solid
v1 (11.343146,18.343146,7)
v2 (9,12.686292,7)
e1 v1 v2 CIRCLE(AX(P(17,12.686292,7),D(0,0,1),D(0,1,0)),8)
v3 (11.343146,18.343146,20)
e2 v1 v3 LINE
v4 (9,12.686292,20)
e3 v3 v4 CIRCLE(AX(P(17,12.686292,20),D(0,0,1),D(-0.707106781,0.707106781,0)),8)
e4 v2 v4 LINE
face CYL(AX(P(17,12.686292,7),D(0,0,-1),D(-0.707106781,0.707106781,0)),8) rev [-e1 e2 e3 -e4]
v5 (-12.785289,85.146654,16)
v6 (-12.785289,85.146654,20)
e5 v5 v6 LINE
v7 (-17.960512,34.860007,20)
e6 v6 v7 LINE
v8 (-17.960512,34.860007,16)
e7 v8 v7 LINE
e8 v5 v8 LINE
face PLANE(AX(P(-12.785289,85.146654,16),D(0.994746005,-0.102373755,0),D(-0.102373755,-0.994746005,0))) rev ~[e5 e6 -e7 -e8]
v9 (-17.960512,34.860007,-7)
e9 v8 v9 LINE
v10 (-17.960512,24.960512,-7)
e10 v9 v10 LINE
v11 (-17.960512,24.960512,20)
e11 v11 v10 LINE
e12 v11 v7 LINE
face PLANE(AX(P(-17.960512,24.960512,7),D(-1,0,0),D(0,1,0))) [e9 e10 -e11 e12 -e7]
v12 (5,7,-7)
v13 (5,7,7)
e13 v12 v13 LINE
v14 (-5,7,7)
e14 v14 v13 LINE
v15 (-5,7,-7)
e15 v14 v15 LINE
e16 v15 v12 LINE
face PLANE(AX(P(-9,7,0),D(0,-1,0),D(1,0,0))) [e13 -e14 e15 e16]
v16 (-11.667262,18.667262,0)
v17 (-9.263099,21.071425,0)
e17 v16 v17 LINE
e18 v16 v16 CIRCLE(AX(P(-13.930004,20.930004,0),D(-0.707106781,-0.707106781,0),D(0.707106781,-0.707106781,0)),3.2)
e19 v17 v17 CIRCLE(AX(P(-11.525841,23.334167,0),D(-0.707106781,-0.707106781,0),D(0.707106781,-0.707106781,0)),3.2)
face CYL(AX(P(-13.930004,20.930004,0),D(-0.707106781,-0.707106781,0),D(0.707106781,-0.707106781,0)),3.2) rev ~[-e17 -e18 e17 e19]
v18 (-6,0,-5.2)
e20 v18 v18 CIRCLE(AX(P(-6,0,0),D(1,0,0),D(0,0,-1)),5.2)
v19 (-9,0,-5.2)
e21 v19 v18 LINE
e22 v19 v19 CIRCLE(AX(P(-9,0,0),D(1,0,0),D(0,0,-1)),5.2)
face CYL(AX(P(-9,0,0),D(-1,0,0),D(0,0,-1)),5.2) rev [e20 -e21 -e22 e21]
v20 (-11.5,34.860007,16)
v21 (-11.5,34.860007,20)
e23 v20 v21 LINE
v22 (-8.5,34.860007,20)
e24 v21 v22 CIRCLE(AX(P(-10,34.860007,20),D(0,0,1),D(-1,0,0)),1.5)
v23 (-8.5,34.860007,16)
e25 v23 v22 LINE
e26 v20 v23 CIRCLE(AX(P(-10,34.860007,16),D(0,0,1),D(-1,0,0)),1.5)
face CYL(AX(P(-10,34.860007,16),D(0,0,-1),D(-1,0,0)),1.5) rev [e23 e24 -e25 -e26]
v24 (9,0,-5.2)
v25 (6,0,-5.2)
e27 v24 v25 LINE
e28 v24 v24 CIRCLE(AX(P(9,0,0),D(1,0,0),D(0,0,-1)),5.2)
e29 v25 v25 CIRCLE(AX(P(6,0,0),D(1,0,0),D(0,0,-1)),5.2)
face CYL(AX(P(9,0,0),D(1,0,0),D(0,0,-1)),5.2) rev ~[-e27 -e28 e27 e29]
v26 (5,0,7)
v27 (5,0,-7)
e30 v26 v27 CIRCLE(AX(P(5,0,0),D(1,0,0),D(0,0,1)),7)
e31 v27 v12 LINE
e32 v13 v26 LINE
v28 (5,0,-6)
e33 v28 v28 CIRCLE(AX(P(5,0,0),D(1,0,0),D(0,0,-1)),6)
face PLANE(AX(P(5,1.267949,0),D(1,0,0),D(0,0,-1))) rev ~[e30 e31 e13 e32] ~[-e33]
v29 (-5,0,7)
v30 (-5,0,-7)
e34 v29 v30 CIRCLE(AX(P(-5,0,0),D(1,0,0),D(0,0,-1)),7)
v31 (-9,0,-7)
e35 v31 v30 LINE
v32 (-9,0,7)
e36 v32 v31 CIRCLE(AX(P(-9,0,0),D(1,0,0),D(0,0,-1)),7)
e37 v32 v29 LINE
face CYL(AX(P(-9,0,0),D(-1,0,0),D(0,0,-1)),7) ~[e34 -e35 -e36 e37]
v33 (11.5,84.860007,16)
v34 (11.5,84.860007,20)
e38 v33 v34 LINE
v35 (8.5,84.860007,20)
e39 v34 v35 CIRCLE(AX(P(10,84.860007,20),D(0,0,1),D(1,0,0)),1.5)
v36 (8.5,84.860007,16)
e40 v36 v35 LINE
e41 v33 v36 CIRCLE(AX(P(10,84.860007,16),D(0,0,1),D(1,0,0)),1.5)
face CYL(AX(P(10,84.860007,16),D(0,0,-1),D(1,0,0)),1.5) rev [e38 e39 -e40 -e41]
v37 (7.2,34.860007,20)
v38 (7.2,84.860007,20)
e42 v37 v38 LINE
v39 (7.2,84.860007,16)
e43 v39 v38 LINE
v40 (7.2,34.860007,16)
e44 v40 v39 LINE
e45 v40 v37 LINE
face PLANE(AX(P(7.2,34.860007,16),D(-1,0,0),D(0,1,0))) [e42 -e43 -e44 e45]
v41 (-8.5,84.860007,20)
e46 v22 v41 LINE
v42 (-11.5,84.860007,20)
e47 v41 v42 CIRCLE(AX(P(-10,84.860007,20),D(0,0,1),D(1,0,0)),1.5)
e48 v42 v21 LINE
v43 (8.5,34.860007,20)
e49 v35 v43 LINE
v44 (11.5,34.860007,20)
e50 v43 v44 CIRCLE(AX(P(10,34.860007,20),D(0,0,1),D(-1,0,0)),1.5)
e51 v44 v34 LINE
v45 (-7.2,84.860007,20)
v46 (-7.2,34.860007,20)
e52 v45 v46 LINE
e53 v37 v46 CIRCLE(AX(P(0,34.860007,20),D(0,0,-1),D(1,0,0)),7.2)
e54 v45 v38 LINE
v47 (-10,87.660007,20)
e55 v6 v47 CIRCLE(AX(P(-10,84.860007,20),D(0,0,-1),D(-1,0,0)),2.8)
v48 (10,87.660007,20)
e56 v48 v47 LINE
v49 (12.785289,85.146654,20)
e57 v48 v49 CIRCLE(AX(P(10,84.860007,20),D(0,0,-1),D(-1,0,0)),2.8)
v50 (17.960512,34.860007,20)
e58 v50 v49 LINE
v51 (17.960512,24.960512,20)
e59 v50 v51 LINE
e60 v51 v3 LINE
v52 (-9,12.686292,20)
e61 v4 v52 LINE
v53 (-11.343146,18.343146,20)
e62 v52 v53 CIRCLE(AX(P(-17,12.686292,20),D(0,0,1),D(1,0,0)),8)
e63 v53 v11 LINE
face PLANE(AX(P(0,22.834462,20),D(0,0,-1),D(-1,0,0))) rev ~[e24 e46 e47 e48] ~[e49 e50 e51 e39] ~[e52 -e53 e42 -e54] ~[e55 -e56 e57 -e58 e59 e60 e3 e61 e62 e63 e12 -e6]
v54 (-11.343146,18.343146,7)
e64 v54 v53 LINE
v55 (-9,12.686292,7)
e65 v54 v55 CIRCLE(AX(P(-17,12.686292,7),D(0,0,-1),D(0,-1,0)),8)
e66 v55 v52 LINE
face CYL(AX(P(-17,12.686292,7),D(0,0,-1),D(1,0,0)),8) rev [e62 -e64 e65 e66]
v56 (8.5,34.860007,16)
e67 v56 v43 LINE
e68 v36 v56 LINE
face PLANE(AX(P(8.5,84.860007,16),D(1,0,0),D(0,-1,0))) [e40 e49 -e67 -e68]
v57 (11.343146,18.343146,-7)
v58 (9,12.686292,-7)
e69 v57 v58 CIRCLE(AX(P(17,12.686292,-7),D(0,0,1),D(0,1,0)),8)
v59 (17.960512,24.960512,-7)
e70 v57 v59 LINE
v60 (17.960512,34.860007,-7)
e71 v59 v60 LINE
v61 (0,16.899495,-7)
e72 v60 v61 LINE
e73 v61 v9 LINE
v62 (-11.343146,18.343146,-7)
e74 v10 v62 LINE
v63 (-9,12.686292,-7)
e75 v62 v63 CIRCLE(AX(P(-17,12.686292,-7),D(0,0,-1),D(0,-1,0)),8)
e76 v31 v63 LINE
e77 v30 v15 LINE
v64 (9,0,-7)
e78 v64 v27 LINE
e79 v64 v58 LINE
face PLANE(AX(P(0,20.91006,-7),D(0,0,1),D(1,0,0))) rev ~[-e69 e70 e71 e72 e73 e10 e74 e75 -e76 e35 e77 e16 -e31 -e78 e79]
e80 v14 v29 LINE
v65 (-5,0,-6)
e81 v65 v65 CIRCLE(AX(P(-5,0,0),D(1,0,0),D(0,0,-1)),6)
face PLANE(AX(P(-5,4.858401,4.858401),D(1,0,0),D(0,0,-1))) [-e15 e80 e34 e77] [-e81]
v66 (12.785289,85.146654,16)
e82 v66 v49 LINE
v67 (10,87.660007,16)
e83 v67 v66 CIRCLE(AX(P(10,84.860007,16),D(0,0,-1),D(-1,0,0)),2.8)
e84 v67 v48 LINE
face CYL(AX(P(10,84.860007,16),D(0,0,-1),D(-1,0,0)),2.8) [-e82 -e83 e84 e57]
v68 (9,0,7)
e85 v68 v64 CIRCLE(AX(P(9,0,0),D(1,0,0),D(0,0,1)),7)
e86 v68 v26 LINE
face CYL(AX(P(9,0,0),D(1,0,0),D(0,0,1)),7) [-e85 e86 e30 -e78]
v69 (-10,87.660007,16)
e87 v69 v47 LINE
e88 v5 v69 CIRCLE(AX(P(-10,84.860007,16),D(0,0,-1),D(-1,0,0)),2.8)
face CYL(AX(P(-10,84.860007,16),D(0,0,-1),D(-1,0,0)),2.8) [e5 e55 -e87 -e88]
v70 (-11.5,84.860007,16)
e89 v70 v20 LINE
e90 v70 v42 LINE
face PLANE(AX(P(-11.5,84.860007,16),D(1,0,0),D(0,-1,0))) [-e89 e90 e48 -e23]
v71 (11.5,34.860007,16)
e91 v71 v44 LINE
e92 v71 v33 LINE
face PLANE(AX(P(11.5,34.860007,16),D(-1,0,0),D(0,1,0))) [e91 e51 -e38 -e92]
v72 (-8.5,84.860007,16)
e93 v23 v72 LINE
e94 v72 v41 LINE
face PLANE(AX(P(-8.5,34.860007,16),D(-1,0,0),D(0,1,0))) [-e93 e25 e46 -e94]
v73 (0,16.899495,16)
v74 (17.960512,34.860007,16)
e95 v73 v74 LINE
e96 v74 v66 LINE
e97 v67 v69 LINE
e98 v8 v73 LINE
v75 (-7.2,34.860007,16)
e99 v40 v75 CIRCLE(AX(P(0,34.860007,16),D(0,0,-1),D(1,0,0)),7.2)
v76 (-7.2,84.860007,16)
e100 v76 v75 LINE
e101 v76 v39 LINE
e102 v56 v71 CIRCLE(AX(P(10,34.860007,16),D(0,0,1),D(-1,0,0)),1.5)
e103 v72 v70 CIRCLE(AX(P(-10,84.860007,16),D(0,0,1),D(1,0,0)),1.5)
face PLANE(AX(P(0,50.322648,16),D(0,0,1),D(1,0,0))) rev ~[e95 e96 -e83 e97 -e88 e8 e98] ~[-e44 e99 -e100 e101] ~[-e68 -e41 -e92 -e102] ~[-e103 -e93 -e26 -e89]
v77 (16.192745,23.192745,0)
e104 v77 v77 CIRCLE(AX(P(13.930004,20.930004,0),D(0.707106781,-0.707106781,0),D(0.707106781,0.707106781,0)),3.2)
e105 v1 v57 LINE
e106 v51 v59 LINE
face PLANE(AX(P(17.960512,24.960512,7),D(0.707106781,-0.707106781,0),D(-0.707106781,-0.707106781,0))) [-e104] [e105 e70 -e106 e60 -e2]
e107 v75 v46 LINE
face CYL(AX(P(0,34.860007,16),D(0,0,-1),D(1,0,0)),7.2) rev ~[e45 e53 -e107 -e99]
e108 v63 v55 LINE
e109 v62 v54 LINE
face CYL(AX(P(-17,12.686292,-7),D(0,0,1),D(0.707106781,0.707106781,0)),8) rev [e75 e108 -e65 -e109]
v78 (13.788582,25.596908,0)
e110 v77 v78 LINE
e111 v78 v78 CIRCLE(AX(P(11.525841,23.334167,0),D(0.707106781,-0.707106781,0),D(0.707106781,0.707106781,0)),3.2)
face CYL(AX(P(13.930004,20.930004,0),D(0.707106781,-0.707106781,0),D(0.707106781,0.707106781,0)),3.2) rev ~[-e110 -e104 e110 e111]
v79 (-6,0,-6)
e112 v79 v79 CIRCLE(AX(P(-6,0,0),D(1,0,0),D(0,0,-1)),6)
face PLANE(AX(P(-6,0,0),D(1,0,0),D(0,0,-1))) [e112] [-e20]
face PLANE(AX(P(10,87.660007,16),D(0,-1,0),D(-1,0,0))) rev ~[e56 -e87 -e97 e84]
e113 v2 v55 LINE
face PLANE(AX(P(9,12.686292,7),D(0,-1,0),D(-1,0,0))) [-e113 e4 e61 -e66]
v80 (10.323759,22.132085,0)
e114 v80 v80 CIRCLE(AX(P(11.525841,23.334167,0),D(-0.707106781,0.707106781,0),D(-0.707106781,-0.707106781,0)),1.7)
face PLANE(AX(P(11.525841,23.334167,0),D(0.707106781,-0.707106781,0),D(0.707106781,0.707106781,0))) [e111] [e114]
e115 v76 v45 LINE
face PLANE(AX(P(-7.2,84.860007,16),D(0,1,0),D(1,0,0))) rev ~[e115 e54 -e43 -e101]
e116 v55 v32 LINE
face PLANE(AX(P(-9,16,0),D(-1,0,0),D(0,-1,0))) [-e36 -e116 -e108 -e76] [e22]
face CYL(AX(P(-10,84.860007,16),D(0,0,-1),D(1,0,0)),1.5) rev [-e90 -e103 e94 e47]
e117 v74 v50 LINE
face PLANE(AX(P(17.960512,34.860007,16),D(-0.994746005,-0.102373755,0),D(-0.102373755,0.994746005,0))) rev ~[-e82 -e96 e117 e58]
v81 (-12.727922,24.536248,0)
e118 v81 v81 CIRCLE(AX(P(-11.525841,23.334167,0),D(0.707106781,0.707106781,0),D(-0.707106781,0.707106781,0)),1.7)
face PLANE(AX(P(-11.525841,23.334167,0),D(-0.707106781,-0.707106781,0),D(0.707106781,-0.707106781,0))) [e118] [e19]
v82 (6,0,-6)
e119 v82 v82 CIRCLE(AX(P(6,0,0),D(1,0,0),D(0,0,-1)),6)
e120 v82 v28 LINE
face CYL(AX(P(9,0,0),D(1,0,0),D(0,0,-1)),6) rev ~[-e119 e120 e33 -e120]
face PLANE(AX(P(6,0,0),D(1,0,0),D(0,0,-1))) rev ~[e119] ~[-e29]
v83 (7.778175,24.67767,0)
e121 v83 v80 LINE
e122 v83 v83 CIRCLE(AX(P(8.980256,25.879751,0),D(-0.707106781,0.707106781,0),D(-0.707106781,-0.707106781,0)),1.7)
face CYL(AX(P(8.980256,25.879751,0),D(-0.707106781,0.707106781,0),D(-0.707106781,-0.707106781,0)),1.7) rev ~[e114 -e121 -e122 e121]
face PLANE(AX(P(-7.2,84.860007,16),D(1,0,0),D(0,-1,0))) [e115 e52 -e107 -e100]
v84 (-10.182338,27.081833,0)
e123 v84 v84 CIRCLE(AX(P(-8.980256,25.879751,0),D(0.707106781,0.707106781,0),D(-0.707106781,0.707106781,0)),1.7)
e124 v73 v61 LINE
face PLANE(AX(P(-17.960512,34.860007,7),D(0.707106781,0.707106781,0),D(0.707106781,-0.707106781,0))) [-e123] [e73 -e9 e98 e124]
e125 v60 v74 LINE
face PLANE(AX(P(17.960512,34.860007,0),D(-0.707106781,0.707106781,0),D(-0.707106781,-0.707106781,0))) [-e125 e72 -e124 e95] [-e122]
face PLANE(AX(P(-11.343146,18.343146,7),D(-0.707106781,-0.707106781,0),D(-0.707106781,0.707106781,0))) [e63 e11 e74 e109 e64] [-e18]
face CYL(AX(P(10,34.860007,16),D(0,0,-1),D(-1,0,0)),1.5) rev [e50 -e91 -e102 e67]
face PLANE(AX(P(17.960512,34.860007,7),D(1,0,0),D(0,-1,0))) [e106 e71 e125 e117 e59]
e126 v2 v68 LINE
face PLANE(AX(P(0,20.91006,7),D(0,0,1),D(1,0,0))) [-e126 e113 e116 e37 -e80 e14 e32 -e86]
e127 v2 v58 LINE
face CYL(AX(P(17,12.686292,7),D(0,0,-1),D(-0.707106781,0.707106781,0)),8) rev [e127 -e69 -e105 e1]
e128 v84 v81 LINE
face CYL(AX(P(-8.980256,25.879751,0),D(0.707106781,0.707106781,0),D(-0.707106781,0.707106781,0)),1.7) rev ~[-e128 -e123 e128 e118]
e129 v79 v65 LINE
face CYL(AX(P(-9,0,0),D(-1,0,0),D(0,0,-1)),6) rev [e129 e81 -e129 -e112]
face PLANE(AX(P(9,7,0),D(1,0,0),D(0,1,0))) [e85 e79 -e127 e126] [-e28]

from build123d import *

# Parameters (mm, degrees)
SALIENTE_EXTRUIR1_START      = 9
CROQUIS1_R                   = 6
CROQUIS1_R_2                 = 5.2
SALIENTE_EXTRUIR1_DEPTH      = 3
SALIENTE_EXTRUIR2_START      = 9
CROQUIS1_3_R                 = 6
SALIENTE_EXTRUIR2_DEPTH      = 4
SALIENTE_EXTRUIR3_START      = -9
CROQUIS1_4_R                 = 7
CROQUIS1_4_R_2               = 6
SALIENTE_EXTRUIR3_DEPTH      = 4
SALIENTE_EXTRUIR4_START      = -9
CROQUIS1_5_R                 = 6
CROQUIS1_5_R_2               = 5.2
SALIENTE_EXTRUIR4_DEPTH      = 3
SALIENTE_EXTRUIR5_DEPTH      = 7
SALIENTE_EXTRUIR5_DEPTH_BACK = 7
CROQUIS3_R                   = 1.7
CORTAR_EXTRUIR1_DEPTH        = 7
CROQUIS4_R                   = 1.7
CORTAR_EXTRUIR2_DEPTH        = 7
CROQUIS5_R                   = 3.2
CORTAR_EXTRUIR3_DEPTH        = 3.4
CROQUIS6_R                   = 3.2
CORTAR_EXTRUIR4_DEPTH        = 3.4
REDONDEO1_R                  = 8
SALIENTE_EXTRUIR6_START      = 9
SALIENTE_EXTRUIR6_DEPTH      = 4
SALIENTE_EXTRUIR7_DEPTH      = 13


with BuildPart() as part:
    # Croquis1 → Saliente-Extruir1 (new body)
    with BuildSketch(Plane(origin=(0, 0, 0), x_dir=(0, 0, -1), z_dir=(1, 0, 0)).offset(SALIENTE_EXTRUIR1_START)):
        Circle(CROQUIS1_R)
        Circle(CROQUIS1_R_2, mode=Mode.SUBTRACT)
    extrude(amount=-SALIENTE_EXTRUIR1_DEPTH)

    # Croquis1<3> → Saliente-Extruir2 (add)
    with BuildSketch(Plane(origin=(0, 0, 0), x_dir=(0, 0, -1), z_dir=(1, 0, 0)).offset(SALIENTE_EXTRUIR2_START)):
        with BuildLine():
            Line((-7, 7), (-7, 0))
            ThreePointArc((-7, 0), (0, -7), (7, 0))
            Line((7, 0), (7, 7))
            Line((7, 7), (-7, 7))
        make_face()
        Circle(CROQUIS1_3_R, mode=Mode.SUBTRACT)
    extrude(amount=-SALIENTE_EXTRUIR2_DEPTH)



with BuildPart() as body_2:
    # Croquis1<4> → Saliente-Extruir3 (new body)
    with BuildSketch(Plane(origin=(0, 0, 0), x_dir=(0, 0, -1), z_dir=(1, 0, 0)).offset(SALIENTE_EXTRUIR3_START)):
        with BuildLine():
            Line((-7, 7), (-7, 0))
            ThreePointArc((-7, 0), (-4.949747468, 4.949747468), (0, 7))
            Line((0, 7), (-7, 7))
        make_face()
        with BuildLine():
            ThreePointArc((0, 7), (4.949747468, 4.949747468), (7, 0))
            Line((7, 0), (7, 7))
            Line((7, 7), (0, 7))
        make_face()
        Circle(CROQUIS1_4_R)
        Circle(CROQUIS1_4_R_2, mode=Mode.SUBTRACT)
    extrude(amount=SALIENTE_EXTRUIR3_DEPTH)

    # Croquis1<5> → Saliente-Extruir4 (add)
    with BuildSketch(Plane(origin=(0, 0, 0), x_dir=(0, 0, -1), z_dir=(1, 0, 0)).offset(SALIENTE_EXTRUIR4_START)):
        Circle(CROQUIS1_5_R)
        Circle(CROQUIS1_5_R_2, mode=Mode.SUBTRACT)
    extrude(amount=SALIENTE_EXTRUIR4_DEPTH)


with BuildPart() as part_1:
    add(part.part)

    add(body_2.part)  # Saliente-Extruir5 merges body 2
    # Croquis2 → Saliente-Extruir5 (add, two sides)
    with BuildSketch(Plane.XY) as saliente_extruir5_sk:
        Polygon((9, 16), (17.960512242, 24.960512242), (17.960512242, 34.860007179), (0, 16.899494937), (-17.960512242, 34.860007179), (-17.960512242, 24.960512242), (-9, 16), (-9, 7), (9, 7), align=None)
    extrude(amount=SALIENTE_EXTRUIR5_DEPTH)
    extrude(saliente_extruir5_sk.sketch, amount=-SALIENTE_EXTRUIR5_DEPTH_BACK)

    # Croquis3 → Cortar-Extruir1 (cut)
    with BuildSketch(Plane(origin=(8.449747468, 8.449747468, 0), x_dir=(0.7071067811865509, -0.7071067811865441, 0), z_dir=(0.7071067811865441, 0.7071067811865509, 0))):
        with Locations(Location((-24.649747468, 0, 0), (0, 0, 180))):
            Circle(CROQUIS3_R)
    extrude(amount=-CORTAR_EXTRUIR1_DEPTH, mode=Mode.SUBTRACT)

    # Croquis4 → Cortar-Extruir2 (cut)
    with BuildSketch(Plane(origin=(-8.449747468, 8.449747468, 0), x_dir=(0.7071067811865509, 0.7071067811865441, 0), z_dir=(-0.7071067811865441, 0.7071067811865509, 0))):
        with Locations(Location((24.649747468, 0, 0), (0, 0, 180))):
            Circle(CROQUIS4_R)
    extrude(amount=-CORTAR_EXTRUIR2_DEPTH, mode=Mode.SUBTRACT)

    # Croquis5 → Cortar-Extruir3 (cut)
    with BuildSketch(Plane(origin=(-3.5, 3.5, 0), x_dir=(-0.7071067811865511, -0.707106781186544, 0), z_dir=(0.707106781186544, -0.7071067811865511, 0))):
        with Locations(Location((-24.649747468, 0, 0), (0, 0, 180))):
            Circle(CROQUIS5_R)
    extrude(amount=-CORTAR_EXTRUIR3_DEPTH, mode=Mode.SUBTRACT)

    # Croquis6 → Cortar-Extruir4 (cut)
    with BuildSketch(Plane(origin=(3.5, 3.5, 0), x_dir=(-0.7071067811865512, 0.7071067811865438, 0), z_dir=(-0.7071067811865438, -0.7071067811865512, 0))):
        with Locations(Location((24.649747468, 0, 0), (0, 0, 180))):
            Circle(CROQUIS6_R)
    extrude(amount=-CORTAR_EXTRUIR4_DEPTH, mode=Mode.SUBTRACT)

    # Redondeo1
    redondeo1_edges = [part_1.edges().sort_by_distance(p)[0] for p in [
        (9, 16, 0),
        (-9, 16, 0),
    ]]
    fillet(redondeo1_edges, radius=REDONDEO1_R)



with BuildPart() as body_2_2:
    # Croquis7 → Saliente-Extruir6 (new body)
    with BuildSketch(Plane.XY.offset(7).offset(SALIENTE_EXTRUIR6_START)):
        with BuildLine():
            Line((-17.960512242, 34.860007179), (0, 16.899494937))
            Line((0, 16.899494937), (17.960512242, 34.860007179))
            Line((17.960512242, 34.860007179), (12.785288814, 85.146653693))
            ThreePointArc((12.785288814, 85.146653693), (12.796319785, 85.003519062), (12.8, 84.860007179))
            Line((12.8, 84.860007179), (12.8, 34.860007179))
            ThreePointArc((12.8, 34.860007179), (10, 32.060007179), (7.2, 34.860007179))
            ThreePointArc((7.2, 34.860007179), (0, 27.660007179), (-7.2, 34.860007179))
            ThreePointArc((-7.2, 34.860007179), (-10, 32.060007179), (-12.8, 34.860007179))
            Line((-12.8, 34.860007179), (-12.8, 84.860007179))
            ThreePointArc((-12.8, 84.860007179), (-12.796319785, 85.003519062), (-12.785288814, 85.146653693))
            Line((-12.785288814, 85.146653693), (-17.960512242, 34.860007179))
        make_face()
        with BuildLine():
            ThreePointArc((-12.8, 84.860007179), (-10, 87.660007179), (-7.2, 84.860007179))
            Line((-7.2, 84.860007179), (-7.2, 34.860007179))
            ThreePointArc((-7.2, 34.860007179), (-10, 32.060007179), (-12.8, 34.860007179))
            Line((-12.8, 34.860007179), (-12.8, 84.860007179))
        make_face()
        with BuildLine():
            Line((-11.5, 84.860007179), (-11.5, 34.860007179))
            ThreePointArc((-11.5, 34.860007179), (-10, 33.360007179), (-8.5, 34.860007179))
            Line((-8.5, 34.860007179), (-8.5, 84.860007179))
            ThreePointArc((-8.5, 84.860007179), (-10, 86.360007179), (-11.5, 84.860007179))
        make_face(mode=Mode.SUBTRACT)
        with BuildLine():
            Line((12.8, 84.860007179), (12.8, 34.860007179))
            ThreePointArc((12.8, 34.860007179), (10, 32.060007179), (7.2, 34.860007179))
            Line((7.2, 34.860007179), (7.2, 84.860007179))
            ThreePointArc((7.2, 84.860007179), (10, 87.660007179), (12.8, 84.860007179))
        make_face()
        with BuildLine():
            ThreePointArc((11.5, 84.860007179), (10, 86.360007179), (8.5, 84.860007179))
            Line((8.5, 84.860007179), (8.5, 34.860007179))
            ThreePointArc((8.5, 34.860007179), (10, 33.360007179), (11.5, 34.860007179))
            Line((11.5, 34.860007179), (11.5, 84.860007179))
        make_face(mode=Mode.SUBTRACT)
        with BuildLine():
            Line((0, 87.660007179), (-10, 87.660007179))
            ThreePointArc((-10, 87.660007179), (-8.020101013, 86.839906166), (-7.2, 84.860007179))
            Line((-7.2, 84.860007179), (0, 84.860007179))
            Line((0, 84.860007179), (0, 87.660007179))
        make_face()
        with BuildLine():
            ThreePointArc((7.2, 84.860007179), (8.020101013, 86.839906166), (10, 87.660007179))
            Line((10, 87.660007179), (0, 87.660007179))
            Line((0, 87.660007179), (0, 84.860007179))
            Line((0, 84.860007179), (7.2, 84.860007179))
        make_face()
    extrude(amount=SALIENTE_EXTRUIR6_DEPTH)


with BuildPart() as part_2:
    add(part_1.part)

    add(body_2_2.part)  # Saliente-Extruir7 merges body 2 2
    # Croquis7<4> → Saliente-Extruir7 (add)
    with BuildSketch(Plane.XY.offset(7)):
        with BuildLine():
            ThreePointArc((-9, 12.686291501), (-9.60896374, 15.74775896), (-11.343145751, 18.343145751))
            Line((-11.343145751, 18.343145751), (-17.960512242, 24.960512242))
            Line((-17.960512242, 24.960512242), (-17.960512242, 34.860007179))
            Line((-17.960512242, 34.860007179), (0, 16.899494937))
            Line((0, 16.899494937), (17.960512242, 34.860007179))
            Line((17.960512242, 34.860007179), (17.960512242, 24.960512242))
            Line((17.960512242, 24.960512242), (11.343145751, 18.343145751))
            ThreePointArc((11.343145751, 18.343145751), (9.60896374, 15.74775896), (9, 12.686291501))
            Line((9, 12.686291501), (-9, 12.686291501))
        make_face()
    extrude(amount=SALIENTE_EXTRUIR7_DEPTH)


solid = part_2.part
